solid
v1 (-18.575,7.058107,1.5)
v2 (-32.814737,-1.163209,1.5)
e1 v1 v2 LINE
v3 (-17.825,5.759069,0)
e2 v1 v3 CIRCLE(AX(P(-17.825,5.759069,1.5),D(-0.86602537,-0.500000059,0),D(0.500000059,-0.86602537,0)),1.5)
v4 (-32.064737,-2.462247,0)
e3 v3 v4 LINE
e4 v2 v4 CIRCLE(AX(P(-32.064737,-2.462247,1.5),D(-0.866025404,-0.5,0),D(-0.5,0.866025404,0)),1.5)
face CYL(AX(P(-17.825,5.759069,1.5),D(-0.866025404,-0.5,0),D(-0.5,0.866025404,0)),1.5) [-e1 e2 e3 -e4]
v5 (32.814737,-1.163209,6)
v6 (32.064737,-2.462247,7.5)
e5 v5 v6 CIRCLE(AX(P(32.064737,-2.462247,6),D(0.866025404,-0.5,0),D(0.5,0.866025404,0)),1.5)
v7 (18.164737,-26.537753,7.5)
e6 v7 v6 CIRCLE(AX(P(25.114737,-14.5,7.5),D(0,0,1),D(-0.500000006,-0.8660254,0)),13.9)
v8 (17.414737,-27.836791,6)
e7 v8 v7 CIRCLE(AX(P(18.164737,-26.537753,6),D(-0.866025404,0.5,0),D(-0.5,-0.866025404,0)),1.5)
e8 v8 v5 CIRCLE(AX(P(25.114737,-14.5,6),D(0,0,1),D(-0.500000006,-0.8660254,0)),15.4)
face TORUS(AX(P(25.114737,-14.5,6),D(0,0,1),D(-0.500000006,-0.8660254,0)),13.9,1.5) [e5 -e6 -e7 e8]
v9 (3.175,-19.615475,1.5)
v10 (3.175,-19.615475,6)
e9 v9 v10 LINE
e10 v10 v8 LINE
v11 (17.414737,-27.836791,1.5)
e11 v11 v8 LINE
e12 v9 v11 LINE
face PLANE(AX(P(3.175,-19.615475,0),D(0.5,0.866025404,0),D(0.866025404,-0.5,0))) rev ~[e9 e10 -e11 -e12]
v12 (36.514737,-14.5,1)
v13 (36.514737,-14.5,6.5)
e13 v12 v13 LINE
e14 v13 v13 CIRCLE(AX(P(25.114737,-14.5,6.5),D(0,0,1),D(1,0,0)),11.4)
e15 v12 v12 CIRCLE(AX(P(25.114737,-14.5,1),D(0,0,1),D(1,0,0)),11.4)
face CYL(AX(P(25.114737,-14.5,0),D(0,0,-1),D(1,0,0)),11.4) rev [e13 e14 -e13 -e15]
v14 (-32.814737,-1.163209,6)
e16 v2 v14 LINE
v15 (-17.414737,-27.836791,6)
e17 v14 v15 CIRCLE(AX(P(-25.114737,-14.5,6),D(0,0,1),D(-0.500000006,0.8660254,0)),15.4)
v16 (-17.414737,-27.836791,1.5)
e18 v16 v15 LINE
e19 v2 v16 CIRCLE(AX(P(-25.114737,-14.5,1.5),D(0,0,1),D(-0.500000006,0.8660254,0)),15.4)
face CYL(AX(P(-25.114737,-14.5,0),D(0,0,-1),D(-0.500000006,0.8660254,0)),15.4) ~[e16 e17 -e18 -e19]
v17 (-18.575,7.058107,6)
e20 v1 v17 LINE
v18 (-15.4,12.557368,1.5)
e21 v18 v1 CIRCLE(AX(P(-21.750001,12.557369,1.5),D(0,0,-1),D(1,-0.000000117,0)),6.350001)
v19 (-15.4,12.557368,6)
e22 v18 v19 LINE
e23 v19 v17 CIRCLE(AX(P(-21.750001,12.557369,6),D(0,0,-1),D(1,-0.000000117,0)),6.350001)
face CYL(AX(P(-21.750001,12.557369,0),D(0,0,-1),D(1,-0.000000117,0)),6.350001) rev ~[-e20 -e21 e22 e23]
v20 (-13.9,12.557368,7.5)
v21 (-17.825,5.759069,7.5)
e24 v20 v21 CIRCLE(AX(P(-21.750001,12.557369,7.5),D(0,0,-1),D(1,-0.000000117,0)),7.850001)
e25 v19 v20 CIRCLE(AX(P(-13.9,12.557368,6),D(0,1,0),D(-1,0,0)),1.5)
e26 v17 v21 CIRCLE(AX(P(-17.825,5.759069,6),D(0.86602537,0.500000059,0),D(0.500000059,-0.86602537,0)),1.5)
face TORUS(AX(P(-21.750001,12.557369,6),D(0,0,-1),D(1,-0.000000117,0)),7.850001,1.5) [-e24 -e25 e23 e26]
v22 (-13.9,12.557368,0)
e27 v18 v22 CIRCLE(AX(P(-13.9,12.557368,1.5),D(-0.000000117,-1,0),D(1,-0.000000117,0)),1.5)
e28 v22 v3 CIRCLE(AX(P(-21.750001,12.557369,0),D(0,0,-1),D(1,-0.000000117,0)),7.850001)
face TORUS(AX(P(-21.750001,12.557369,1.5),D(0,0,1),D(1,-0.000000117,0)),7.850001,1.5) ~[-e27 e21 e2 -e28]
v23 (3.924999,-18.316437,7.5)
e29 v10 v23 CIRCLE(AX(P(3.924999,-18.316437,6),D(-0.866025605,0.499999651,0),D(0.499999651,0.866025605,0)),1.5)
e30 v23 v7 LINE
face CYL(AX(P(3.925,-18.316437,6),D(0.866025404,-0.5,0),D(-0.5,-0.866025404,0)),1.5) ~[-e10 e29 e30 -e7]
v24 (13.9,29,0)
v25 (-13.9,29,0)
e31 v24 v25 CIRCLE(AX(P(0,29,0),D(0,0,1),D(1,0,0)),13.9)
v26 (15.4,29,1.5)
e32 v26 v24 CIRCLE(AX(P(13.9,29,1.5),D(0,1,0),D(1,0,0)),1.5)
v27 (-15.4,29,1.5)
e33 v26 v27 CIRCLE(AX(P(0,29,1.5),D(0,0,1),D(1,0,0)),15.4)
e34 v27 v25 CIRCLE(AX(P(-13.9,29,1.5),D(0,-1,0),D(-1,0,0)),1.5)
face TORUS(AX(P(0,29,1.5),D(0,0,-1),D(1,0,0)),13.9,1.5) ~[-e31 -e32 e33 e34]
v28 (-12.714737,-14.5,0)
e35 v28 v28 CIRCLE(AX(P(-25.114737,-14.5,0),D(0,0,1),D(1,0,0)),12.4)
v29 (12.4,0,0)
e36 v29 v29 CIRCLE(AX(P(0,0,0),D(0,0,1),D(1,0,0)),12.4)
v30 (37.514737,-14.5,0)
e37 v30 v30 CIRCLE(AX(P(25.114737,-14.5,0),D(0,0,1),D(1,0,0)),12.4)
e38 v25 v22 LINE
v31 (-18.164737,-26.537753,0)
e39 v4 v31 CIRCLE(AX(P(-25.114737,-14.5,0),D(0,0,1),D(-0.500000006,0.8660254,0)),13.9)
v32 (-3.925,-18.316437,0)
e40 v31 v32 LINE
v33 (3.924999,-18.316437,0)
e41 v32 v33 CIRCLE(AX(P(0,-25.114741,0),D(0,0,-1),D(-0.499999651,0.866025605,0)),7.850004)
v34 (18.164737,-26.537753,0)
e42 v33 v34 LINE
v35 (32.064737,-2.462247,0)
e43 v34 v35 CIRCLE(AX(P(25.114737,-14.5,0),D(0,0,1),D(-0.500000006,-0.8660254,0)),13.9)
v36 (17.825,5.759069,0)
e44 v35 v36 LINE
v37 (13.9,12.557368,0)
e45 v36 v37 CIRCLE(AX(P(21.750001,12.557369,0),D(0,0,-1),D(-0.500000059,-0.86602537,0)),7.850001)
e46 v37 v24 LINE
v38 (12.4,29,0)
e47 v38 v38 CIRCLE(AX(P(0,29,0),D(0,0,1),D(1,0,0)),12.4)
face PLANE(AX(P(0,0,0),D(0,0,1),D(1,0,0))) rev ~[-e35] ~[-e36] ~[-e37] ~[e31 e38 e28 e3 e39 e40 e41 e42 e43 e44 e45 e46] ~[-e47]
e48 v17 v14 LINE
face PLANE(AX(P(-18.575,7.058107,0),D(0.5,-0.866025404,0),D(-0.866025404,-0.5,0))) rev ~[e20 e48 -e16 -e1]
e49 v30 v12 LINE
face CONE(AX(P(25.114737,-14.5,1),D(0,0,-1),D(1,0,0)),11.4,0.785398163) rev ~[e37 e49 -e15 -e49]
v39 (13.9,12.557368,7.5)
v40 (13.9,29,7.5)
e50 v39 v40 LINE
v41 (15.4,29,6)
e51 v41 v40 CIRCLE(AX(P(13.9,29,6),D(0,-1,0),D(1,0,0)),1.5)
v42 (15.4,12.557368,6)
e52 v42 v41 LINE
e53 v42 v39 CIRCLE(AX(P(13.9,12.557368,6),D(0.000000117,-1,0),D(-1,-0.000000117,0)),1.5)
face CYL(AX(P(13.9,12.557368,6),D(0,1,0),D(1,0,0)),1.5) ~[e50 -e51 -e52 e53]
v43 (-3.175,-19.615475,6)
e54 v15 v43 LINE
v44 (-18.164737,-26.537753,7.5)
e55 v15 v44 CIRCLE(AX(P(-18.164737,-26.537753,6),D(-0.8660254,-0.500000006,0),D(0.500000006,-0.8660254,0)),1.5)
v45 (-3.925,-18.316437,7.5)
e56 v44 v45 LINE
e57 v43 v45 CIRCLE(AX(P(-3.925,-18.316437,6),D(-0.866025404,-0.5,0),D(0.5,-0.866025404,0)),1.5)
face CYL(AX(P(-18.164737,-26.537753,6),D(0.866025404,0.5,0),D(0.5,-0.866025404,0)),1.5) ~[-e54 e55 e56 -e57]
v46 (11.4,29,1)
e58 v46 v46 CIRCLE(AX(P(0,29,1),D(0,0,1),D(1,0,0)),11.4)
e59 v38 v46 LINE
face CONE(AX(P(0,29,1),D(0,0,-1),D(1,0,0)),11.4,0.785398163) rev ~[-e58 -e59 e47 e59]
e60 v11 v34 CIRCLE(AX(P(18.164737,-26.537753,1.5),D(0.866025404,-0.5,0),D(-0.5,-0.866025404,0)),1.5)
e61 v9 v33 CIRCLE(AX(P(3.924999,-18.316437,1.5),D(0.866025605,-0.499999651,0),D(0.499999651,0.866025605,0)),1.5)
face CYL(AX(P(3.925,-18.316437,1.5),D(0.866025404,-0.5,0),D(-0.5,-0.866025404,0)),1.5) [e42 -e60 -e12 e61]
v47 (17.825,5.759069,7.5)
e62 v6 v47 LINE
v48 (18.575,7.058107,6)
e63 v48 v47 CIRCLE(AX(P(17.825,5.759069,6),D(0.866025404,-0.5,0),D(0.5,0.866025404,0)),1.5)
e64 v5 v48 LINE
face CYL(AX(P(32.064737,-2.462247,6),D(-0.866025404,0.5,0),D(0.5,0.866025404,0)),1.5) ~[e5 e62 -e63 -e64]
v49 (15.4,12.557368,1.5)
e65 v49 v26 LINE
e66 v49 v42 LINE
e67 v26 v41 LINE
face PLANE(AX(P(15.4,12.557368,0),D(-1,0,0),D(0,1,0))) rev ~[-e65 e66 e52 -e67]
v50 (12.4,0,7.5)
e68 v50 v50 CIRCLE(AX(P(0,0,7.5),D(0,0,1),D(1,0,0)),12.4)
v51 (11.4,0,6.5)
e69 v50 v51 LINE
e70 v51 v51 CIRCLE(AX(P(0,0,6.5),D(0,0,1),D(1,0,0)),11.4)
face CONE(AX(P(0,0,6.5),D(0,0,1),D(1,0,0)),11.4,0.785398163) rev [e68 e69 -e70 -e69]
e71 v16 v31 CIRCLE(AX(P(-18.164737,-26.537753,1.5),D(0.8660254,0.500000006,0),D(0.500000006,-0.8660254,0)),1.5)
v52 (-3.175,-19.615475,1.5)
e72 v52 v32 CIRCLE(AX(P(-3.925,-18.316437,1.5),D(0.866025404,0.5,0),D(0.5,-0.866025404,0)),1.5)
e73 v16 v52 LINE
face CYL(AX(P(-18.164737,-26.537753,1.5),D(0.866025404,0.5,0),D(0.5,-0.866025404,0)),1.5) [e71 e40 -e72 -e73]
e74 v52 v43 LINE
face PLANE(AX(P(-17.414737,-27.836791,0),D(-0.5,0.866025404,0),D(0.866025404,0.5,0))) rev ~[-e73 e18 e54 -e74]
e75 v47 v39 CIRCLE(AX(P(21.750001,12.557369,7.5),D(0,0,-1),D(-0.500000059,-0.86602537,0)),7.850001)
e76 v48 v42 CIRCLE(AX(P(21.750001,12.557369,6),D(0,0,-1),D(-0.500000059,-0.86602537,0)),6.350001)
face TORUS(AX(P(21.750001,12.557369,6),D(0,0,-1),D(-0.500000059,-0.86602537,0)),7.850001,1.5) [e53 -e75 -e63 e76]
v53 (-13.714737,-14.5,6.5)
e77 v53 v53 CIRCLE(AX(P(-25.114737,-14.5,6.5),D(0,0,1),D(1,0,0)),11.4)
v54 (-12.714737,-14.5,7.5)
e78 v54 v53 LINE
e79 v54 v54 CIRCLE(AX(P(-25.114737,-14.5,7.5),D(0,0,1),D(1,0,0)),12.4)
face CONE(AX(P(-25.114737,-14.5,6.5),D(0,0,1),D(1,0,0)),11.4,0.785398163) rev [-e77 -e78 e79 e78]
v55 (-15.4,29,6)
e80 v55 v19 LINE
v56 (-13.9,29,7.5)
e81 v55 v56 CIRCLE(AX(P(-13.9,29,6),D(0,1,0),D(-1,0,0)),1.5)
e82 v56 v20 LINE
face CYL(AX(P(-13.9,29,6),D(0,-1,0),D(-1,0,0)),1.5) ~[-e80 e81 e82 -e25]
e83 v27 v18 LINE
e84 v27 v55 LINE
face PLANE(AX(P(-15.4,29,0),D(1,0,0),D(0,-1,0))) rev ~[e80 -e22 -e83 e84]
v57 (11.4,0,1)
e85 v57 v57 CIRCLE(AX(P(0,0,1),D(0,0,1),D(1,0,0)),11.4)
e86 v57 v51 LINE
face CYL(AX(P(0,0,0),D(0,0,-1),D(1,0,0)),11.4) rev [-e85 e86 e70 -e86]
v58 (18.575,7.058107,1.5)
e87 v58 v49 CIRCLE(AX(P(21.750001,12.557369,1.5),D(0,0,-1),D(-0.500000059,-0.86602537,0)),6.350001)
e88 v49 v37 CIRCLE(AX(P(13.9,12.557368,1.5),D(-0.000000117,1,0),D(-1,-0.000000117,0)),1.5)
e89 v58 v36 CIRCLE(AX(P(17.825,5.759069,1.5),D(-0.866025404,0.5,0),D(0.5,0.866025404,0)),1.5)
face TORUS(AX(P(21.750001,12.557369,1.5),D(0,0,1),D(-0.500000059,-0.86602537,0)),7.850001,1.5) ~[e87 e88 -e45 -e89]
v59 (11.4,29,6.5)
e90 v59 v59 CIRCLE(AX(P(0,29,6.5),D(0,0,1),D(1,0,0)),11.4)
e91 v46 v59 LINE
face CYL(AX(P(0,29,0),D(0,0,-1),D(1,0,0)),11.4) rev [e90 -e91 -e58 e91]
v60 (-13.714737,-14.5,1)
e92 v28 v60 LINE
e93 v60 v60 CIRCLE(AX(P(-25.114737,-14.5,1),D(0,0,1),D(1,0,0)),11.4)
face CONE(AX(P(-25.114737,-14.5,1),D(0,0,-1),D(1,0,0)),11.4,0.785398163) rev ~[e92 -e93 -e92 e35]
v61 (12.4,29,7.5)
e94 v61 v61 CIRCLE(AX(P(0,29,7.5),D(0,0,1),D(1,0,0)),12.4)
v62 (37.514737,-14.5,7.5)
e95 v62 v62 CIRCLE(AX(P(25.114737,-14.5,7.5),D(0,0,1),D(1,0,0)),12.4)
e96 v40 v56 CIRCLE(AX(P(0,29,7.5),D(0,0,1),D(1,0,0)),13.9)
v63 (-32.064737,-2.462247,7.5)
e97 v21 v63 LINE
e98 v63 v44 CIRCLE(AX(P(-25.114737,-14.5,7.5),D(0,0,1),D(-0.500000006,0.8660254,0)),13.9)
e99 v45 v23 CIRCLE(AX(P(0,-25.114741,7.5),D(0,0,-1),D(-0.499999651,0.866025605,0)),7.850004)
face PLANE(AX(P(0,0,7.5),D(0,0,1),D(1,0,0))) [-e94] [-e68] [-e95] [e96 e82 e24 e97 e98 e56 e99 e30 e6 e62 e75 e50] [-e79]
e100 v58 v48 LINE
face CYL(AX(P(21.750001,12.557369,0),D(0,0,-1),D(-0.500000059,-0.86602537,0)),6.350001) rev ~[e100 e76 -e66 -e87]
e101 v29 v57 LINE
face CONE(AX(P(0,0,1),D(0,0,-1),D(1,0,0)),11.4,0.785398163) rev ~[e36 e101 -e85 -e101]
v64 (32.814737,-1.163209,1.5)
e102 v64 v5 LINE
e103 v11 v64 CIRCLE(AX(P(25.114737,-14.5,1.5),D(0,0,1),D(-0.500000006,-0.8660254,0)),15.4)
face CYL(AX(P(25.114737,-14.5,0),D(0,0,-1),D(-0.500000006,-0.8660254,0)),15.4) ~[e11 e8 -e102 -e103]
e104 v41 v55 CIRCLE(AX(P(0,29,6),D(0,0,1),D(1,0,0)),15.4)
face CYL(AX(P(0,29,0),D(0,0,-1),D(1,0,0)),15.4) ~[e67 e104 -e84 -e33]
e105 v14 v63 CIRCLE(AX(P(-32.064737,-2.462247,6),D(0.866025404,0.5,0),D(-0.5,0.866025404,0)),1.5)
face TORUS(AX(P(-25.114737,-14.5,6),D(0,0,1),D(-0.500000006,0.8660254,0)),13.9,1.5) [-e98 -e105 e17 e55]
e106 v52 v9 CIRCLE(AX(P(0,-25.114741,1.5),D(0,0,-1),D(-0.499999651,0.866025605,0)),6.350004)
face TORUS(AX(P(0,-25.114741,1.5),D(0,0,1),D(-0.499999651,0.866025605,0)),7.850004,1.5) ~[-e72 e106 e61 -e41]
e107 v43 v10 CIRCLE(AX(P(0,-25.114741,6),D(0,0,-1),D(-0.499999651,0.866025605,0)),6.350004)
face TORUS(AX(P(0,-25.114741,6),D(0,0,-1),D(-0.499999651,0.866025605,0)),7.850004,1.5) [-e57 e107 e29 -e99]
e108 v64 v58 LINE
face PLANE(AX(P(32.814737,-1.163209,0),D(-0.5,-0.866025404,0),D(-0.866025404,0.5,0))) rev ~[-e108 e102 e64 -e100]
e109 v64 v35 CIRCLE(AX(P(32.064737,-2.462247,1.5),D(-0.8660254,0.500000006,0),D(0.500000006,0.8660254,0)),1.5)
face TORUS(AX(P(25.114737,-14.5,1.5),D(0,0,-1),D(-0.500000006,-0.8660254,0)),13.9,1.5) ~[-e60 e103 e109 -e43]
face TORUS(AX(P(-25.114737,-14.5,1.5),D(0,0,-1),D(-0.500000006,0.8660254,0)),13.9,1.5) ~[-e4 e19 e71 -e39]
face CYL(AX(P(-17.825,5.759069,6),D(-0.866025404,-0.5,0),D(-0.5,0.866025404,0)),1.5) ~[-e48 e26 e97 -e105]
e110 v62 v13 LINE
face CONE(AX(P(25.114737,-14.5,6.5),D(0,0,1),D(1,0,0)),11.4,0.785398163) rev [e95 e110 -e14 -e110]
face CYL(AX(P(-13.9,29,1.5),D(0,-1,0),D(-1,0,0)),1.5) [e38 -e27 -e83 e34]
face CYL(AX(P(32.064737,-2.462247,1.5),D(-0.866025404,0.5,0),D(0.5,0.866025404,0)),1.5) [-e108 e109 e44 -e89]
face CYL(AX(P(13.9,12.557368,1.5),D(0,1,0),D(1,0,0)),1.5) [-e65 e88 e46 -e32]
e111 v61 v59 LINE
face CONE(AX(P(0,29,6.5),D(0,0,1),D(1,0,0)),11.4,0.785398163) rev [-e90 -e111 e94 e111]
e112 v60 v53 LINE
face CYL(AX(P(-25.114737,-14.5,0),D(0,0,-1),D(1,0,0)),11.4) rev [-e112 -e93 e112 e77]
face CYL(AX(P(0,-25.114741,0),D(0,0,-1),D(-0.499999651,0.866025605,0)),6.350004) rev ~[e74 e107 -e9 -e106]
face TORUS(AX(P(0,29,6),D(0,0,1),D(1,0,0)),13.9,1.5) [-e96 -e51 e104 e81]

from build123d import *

# Parameters (mm, degrees)
F0_R     = 11.4
F1_DEPTH = 7.5
F2_R     = 1.5
F3_SIZE  = 1


with BuildPart() as f1:
    # F0 (on Top) → F1 (new body)
    with BuildSketch(Plane.XY):
        with BuildLine():
            Line((15.4, 12.557368), (15.4, 29))
            ThreePointArc((15.4, 29), (0, 44.4), (-15.4, 29))
            Line((-15.4, 29), (-15.4, 12.557368))
            ThreePointArc((-15.4, 12.557368), (-16.250739, 9.382368), (-18.575, 7.058107))
            Line((-18.575, 7.058107), (-32.814737, -1.163209))
            ThreePointArc((-32.814737, -1.163209), (-38.451528, -22.2), (-17.414737, -27.836791))
            Line((-17.414737, -27.836791), (-3.175, -19.615475))
            ThreePointArc((-3.175, -19.615475), (0, -18.764737), (3.175, -19.615475))
            Line((3.175, -19.615475), (17.414737, -27.836791))
            ThreePointArc((17.414737, -27.836791), (38.451528, -22.2), (32.814737, -1.163209))
            Line((32.814737, -1.163209), (18.575, 7.058107))
            ThreePointArc((18.575, 7.058107), (16.250739, 9.382368), (15.4, 12.557368))
        make_face()
        with Locations((-25.114737, -14.5)):
            Circle(F0_R, mode=Mode.SUBTRACT)
        with Locations((25.114737, -14.5)):
            Circle(F0_R, mode=Mode.SUBTRACT)
        Circle(F0_R, mode=Mode.SUBTRACT)
        with Locations((0, 29)):
            Circle(F0_R, mode=Mode.SUBTRACT)
    extrude(amount=F1_DEPTH)

    # F2
    f2_edges = [f1.edges().sort_by_distance(p)[0] for p in [
        (-16.250739, 9.382368, 0),
        (15.4, 12.557368, 3.75),
        (25.694868, 2.947449, 7.5),
    ]]
    fillet(f2_edges, radius=F2_R)

    # F3
    f3_edges = [f1.edges().sort_by_distance(p)[0] for p in [
        (-11.4, 29, 7.5),
        (-11.4, 0, 0),
        (-11.4, 0, 7.5),
        (13.714737, -14.5, 0),
        (13.714737, -14.5, 7.5),
        (-36.514737, -14.5, 7.5),
        (-36.514737, -14.5, 0),
        (-11.4, 29, 0),
    ]]
    chamfer(f3_edges, length=F3_SIZE)


solid = f1.part
